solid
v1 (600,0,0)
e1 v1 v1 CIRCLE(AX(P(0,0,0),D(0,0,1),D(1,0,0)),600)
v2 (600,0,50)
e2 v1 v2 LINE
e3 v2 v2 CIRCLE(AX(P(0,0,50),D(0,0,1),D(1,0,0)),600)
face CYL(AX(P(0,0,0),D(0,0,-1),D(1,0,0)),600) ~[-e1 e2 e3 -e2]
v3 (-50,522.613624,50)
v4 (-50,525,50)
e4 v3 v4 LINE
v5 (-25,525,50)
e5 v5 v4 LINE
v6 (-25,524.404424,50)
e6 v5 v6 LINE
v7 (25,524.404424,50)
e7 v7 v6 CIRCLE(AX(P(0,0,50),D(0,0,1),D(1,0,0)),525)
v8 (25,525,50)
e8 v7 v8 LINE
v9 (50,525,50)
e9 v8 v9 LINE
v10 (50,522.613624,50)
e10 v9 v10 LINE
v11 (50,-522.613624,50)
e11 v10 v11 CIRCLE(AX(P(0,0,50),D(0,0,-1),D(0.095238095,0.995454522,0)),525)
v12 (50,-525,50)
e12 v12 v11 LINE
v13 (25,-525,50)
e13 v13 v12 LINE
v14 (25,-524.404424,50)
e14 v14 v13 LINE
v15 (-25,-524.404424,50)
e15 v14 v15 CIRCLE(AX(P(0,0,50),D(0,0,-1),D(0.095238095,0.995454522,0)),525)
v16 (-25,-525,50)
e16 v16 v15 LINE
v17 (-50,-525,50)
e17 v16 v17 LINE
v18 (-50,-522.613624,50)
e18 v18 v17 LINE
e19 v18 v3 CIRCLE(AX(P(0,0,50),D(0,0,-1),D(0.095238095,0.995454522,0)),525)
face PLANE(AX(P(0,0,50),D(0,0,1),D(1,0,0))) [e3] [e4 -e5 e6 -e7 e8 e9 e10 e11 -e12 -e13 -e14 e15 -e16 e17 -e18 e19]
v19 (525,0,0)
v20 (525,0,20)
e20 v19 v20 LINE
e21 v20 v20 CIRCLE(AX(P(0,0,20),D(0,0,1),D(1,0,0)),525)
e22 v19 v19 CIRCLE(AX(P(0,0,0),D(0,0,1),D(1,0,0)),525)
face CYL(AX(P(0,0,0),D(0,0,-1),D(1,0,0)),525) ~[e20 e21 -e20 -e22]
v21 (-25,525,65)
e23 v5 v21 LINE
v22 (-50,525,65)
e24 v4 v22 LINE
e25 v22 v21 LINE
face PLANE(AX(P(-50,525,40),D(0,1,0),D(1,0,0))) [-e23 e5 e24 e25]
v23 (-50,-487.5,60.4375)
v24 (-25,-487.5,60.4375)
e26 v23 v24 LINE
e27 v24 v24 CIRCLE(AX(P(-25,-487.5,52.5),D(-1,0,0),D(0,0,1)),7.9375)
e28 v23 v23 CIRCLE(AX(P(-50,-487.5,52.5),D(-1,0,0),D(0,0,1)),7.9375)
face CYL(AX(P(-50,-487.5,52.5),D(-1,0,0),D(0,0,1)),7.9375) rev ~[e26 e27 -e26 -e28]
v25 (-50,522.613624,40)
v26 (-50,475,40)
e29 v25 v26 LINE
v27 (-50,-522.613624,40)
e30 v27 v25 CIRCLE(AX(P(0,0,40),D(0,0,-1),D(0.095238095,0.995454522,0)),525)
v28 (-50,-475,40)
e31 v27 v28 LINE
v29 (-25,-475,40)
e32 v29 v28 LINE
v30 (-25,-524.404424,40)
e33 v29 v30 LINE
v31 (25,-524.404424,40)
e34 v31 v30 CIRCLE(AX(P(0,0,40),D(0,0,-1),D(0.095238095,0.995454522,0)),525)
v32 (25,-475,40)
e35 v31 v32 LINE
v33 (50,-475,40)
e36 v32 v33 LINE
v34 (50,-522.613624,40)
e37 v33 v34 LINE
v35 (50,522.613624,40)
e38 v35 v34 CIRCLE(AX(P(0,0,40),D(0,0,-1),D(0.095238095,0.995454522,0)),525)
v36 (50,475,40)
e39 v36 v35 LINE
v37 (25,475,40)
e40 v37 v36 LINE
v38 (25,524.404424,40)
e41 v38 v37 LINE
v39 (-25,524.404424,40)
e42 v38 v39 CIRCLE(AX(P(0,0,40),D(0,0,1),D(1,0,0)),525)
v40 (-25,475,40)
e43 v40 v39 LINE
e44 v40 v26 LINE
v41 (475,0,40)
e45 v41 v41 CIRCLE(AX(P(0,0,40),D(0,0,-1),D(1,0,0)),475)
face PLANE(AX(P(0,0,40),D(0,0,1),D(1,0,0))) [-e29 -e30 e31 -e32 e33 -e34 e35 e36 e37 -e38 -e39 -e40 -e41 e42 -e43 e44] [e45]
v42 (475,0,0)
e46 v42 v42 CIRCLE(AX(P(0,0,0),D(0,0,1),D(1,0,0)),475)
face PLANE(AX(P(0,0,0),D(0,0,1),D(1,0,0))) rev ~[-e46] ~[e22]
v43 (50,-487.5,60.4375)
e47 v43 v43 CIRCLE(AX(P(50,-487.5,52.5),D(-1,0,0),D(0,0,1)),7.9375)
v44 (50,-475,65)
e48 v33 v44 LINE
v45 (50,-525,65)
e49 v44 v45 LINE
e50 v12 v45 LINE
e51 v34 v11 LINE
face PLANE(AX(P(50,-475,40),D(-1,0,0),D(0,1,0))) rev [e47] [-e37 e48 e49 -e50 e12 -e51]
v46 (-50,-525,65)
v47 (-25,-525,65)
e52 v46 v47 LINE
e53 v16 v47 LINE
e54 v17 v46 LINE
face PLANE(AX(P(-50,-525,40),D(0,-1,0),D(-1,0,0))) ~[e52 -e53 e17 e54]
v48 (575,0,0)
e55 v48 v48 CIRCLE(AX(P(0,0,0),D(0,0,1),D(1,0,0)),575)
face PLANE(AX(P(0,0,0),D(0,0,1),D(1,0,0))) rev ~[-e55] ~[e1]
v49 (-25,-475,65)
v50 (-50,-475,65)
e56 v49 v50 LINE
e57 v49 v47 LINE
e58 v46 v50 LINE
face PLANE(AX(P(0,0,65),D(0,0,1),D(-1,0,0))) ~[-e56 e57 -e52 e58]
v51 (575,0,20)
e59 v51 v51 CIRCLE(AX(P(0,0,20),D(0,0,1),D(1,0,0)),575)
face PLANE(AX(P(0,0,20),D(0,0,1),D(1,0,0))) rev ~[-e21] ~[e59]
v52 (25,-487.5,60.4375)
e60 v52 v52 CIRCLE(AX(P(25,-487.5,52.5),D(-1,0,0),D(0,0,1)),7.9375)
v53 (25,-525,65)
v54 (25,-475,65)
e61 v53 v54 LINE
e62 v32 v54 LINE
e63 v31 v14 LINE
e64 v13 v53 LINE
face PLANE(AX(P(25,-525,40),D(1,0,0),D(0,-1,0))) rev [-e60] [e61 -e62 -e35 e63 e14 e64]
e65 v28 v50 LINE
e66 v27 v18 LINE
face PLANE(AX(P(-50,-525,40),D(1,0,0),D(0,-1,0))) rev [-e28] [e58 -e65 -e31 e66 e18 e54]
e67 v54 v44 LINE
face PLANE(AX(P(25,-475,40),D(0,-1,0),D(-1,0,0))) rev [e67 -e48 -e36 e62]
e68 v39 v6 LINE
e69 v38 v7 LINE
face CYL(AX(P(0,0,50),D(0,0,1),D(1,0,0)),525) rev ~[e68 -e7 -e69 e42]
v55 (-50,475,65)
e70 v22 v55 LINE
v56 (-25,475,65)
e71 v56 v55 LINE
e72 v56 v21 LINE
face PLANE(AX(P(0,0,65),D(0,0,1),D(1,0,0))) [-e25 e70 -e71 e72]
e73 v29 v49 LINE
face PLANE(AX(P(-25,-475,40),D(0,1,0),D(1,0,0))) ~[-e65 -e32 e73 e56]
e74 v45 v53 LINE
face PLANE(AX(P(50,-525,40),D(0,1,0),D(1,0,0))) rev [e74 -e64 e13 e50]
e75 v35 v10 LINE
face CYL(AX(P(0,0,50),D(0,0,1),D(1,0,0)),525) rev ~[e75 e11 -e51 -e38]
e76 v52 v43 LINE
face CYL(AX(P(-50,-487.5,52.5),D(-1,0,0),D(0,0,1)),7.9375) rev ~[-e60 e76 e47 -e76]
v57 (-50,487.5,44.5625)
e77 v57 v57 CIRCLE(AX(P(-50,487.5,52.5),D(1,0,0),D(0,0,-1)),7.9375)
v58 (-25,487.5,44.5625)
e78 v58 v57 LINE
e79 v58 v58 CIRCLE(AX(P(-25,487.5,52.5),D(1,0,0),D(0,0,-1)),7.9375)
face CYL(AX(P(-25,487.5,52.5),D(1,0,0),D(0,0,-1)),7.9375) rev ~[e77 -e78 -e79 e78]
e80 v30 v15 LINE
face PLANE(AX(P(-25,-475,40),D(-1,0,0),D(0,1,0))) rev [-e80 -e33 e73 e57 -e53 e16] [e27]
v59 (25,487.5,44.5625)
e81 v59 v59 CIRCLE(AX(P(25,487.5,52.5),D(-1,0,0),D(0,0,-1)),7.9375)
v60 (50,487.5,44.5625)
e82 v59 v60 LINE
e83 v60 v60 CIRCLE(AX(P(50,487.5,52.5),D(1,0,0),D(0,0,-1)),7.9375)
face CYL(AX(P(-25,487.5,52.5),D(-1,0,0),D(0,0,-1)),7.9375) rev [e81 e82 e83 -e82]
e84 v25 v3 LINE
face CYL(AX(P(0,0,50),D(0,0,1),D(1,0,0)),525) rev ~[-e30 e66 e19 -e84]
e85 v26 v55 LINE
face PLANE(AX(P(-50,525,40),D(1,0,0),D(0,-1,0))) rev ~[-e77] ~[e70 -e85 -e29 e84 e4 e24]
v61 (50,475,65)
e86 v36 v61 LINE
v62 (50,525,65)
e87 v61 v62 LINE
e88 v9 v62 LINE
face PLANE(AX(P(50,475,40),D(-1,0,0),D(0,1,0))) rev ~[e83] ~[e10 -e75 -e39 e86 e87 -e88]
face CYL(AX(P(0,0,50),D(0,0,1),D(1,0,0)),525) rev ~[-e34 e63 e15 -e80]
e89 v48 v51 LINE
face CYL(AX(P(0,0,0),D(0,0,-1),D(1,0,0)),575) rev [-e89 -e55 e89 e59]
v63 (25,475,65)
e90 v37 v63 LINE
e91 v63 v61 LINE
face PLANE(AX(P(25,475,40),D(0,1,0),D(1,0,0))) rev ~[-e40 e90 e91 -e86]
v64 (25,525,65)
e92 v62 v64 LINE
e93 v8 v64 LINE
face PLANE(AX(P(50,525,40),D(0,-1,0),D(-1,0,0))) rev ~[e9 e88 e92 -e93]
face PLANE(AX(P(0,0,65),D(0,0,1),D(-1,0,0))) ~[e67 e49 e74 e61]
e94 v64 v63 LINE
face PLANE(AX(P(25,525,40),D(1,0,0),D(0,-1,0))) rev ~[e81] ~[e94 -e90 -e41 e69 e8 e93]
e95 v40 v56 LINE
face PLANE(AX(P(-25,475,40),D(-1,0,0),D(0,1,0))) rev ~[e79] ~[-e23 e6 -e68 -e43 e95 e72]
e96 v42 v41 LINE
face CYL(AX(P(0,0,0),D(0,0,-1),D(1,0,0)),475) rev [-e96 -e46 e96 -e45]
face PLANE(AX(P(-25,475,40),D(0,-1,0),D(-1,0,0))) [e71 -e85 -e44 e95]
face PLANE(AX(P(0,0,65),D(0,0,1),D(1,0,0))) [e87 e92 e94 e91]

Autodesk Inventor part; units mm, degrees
ref_plane "YZ Plane" through (0, 0, 0) normal (1, 0, 0) x (0, 1, 0)
ref_plane "XZ Plane" through (0, 0, 0) normal (0, 1, 0) x (-1, 0, 0)
ref_plane "XY Plane" through (0, 0, 0) normal (0, 0, 1) x (1, 0, 0)
sketch "Sketch1" plane through (0, 0, 0) normal (0, 0, 1) x (1, 0, 0)
  circle A0 centre (0, 0) radius 600
  circle A1 centre (0, 0) radius 575
  circle A2 centre (0, 0) radius 525
  circle A3 centre (0, 0) radius 475
  dimension "d2" = 1200
  dimension "d1" = 1150
  dimension "d0" = 1050
  dimension "d9" = 950
extrude "Extrusion1" add sketch "Sketch1" along normal blind 50 contours A0 | A1 | A2 | A3
extrude "Extrusion2" cut sketch "Sketch1" along normal blind 20 contours A1
extrude "Extrusion3" cut sketch "Sketch1" along normal blind 315.5 contours A3
sketch "Sketch3" plane through (0, 0, 0) normal (0, 0, 1) x (1, 0, 0)
  circle A0 centre (0, 0) radius 475 projected
  line L0 (475, 0) -> (525, 0)
  circle A1 centre (0, 0) radius 525 projected
  line L1 (500, 0) -> (500, 50)
  line L2 (500, 50) -> (430, 50)
  line L3 (430, 50) -> (430, -50)
  line L4 (430, -50) -> (500, -50)
  line L5 (500, -50) -> (500, 50)
  line L6 (0, -117.9134) -> (0, 153.6807)
  line L7 (-500, 50) -> (-430, 50)
  line L8 (-430, 50) -> (-430, -50)
  line L9 (-430, -50) -> (-500, -50)
  line L10 (-500, -50) -> (-500, 50)
  line L11 (465, 0) -> (465, 25)
  line L12 (465, 25) -> (-465, 25)
  line L13 (-465, 25) -> (-465, -25)
  line L14 (-465, -25) -> (465, -25)
  line L15 (465, -25) -> (465, 25)
  point P0 (472.3611, -50)
  point P1 (472.3611, 50)
  point P2 (430, -25)
  point P3 (430, 25)
  point P4 (-430, -25)
  point P5 (-430, 25)
  dimension "d12" = 50
  dimension "d13" = 70
  dimension "d14" = 100
  dimension "d17" = 50
extrude "Extrusion4" [suppressed]
sketch "Sketch4" plane through (-472.3611, 50, 0) normal (0, 1, 0) x (1, 0, 0)
  line L0 (42.3611, 0) -> (42.3611, -50) projected
  line L1 (42.3611, -50) -> (24.8611, -50) construction
  line L2 (42.3611, -50) -> (0, -50) projected
  line L3 (24.8611, -50) -> (24.8611, -25) construction
  line L4 (42.3611, 0) -> (0, 0) projected
  line L5 (24.8611, -50) -> (49.8611, -50) construction
  circle A0 centre (24.8611, -25) radius 7.9375
  point P0 (472.3611, 0)
  dimension "d18" = 17.5
  dimension "d19" = 25
  dimension "d20" = 90
  dimension "d21" = 15.875
extrude "Extrusion5" [suppressed]
sketch "Sketch5" plane through (430, 50, 0) normal (0, 1, 0) x (1, 0, 0)
  line L0 (42.3611, -50) -> (0, -50) projected
  line L1 (0, -50) -> (0, -25) construction
  line L2 (0, 0) -> (0, -50) projected
  line L3 (42.3611, 0) -> (42.3611, -50) projected
  line L4 (0, -25) -> (21.1805, -25) construction
  circle A0 centre (21.1805, -25) radius 7.9375
  point P0 (-430, 0)
  dimension "d25" = 21.1806
  dimension "d26" = 15.875
extrude "Extrusion6" [suppressed]
sketch "Sketch6" plane through (0, 0, 50) normal (0, 0, 1) x (1, 0, 0)
  circle A0 centre (0, 0) radius 525
extrude "Extrusion7" cut sketch "Sketch6" against normal blind 10
sketch "Sketch7" plane through (0, 0, 40) normal (0, 0, 1) x (1, 0, 0)
  circle A0 centre (0, 0) radius 475 projected
  circle A1 centre (0, 0) radius 600 projected
  line L0 (0, 475) -> (-290.4738, 475)
  line L1 (-290.4738, 475) -> (-290.4738, 525)
  line L2 (-290.4738, 525) -> (0, 525)
  line L3 (0, 525) -> (0, 475)
  line L4 (0, 475) -> (291, 475)
  line L5 (291, 475) -> (291, 525)
  line L6 (291, 525) -> (0, 525)
  line L7 (0, 525) -> (0, 475)
  line L8 (0, 475) -> (25, 475)
  line L9 (25, 475) -> (0, 475)
  line L10 (0, 475) -> (-25, 475)
  line L11 (-50, 475) -> (-25, 475)
  line L12 (-25, 475) -> (-25, 525)
  line L13 (-25, 525) -> (-50, 525)
  line L14 (-50, 525) -> (-50, 475)
  line L15 (25, 475) -> (50, 475)
  line L16 (50, 475) -> (50, 525)
  line L17 (50, 525) -> (25, 525)
  line L18 (25, 525) -> (25, 475)
  dimension "d31" = 50
  dimension "d32" = 50
  dimension "d33" = 25
  dimension "d34" = 25
  dimension "d35" = 25
  dimension "d36" = 25
  dimension "d37" = 50
  dimension "d38" = 25
  dimension "d39" = 50
extrude "Extrusion8" add sketch "Sketch7" along normal blind 25 contours L0 L14 L2 L12 | L18 L6 L16 L4
sketch "Sketch8" plane through (-25, 475, 40) normal (1, 0, 0) x (0, 0, -1)
  line L0 (-25, 0) -> (-12.5, 0) construction
  line L1 (-12.5, 0) -> (-12.5, 12.5) construction
  circle A0 centre (-12.5, 12.5) radius 7.9375
  point P0 (40, -475)
  dimension "d42" = 12.5
  dimension "d43" = 12.5
  dimension "d44" = 15.875
extrude "Extrusion9" cut sketch "Sketch8" along normal blind 75 and the other way blind 25
mirror "Mirror1" about plane through (0, 0, 0) normal (0, 1, 0) of "Extrusion8"
sketch "Sketch9" plane through (-50, -525, 65) normal (-1, 0, 0) x (0, 0, 1)
  line L0 (-25, 50) -> (0, 50) projected
  line L1 (0, 50) -> (-12.5, 50) construction
  line L2 (-12.5, 50) -> (-12.5, 37.5) construction
  line L3 (-25, 50) -> (-25, 0.5956) projected
  line L4 (-12.5, 50) -> (0, 50) construction
  circle A0 centre (-12.5, 37.5) radius 7.9375
  point P0 (-65, 525)
  dimension "d49" = 12.5
  dimension "d50" = 90
  dimension "d51" = 15.875
extrude "Extrusion10" cut sketch "Sketch9" against normal up to surface (100 mm away)
properties part number "Top opening"
